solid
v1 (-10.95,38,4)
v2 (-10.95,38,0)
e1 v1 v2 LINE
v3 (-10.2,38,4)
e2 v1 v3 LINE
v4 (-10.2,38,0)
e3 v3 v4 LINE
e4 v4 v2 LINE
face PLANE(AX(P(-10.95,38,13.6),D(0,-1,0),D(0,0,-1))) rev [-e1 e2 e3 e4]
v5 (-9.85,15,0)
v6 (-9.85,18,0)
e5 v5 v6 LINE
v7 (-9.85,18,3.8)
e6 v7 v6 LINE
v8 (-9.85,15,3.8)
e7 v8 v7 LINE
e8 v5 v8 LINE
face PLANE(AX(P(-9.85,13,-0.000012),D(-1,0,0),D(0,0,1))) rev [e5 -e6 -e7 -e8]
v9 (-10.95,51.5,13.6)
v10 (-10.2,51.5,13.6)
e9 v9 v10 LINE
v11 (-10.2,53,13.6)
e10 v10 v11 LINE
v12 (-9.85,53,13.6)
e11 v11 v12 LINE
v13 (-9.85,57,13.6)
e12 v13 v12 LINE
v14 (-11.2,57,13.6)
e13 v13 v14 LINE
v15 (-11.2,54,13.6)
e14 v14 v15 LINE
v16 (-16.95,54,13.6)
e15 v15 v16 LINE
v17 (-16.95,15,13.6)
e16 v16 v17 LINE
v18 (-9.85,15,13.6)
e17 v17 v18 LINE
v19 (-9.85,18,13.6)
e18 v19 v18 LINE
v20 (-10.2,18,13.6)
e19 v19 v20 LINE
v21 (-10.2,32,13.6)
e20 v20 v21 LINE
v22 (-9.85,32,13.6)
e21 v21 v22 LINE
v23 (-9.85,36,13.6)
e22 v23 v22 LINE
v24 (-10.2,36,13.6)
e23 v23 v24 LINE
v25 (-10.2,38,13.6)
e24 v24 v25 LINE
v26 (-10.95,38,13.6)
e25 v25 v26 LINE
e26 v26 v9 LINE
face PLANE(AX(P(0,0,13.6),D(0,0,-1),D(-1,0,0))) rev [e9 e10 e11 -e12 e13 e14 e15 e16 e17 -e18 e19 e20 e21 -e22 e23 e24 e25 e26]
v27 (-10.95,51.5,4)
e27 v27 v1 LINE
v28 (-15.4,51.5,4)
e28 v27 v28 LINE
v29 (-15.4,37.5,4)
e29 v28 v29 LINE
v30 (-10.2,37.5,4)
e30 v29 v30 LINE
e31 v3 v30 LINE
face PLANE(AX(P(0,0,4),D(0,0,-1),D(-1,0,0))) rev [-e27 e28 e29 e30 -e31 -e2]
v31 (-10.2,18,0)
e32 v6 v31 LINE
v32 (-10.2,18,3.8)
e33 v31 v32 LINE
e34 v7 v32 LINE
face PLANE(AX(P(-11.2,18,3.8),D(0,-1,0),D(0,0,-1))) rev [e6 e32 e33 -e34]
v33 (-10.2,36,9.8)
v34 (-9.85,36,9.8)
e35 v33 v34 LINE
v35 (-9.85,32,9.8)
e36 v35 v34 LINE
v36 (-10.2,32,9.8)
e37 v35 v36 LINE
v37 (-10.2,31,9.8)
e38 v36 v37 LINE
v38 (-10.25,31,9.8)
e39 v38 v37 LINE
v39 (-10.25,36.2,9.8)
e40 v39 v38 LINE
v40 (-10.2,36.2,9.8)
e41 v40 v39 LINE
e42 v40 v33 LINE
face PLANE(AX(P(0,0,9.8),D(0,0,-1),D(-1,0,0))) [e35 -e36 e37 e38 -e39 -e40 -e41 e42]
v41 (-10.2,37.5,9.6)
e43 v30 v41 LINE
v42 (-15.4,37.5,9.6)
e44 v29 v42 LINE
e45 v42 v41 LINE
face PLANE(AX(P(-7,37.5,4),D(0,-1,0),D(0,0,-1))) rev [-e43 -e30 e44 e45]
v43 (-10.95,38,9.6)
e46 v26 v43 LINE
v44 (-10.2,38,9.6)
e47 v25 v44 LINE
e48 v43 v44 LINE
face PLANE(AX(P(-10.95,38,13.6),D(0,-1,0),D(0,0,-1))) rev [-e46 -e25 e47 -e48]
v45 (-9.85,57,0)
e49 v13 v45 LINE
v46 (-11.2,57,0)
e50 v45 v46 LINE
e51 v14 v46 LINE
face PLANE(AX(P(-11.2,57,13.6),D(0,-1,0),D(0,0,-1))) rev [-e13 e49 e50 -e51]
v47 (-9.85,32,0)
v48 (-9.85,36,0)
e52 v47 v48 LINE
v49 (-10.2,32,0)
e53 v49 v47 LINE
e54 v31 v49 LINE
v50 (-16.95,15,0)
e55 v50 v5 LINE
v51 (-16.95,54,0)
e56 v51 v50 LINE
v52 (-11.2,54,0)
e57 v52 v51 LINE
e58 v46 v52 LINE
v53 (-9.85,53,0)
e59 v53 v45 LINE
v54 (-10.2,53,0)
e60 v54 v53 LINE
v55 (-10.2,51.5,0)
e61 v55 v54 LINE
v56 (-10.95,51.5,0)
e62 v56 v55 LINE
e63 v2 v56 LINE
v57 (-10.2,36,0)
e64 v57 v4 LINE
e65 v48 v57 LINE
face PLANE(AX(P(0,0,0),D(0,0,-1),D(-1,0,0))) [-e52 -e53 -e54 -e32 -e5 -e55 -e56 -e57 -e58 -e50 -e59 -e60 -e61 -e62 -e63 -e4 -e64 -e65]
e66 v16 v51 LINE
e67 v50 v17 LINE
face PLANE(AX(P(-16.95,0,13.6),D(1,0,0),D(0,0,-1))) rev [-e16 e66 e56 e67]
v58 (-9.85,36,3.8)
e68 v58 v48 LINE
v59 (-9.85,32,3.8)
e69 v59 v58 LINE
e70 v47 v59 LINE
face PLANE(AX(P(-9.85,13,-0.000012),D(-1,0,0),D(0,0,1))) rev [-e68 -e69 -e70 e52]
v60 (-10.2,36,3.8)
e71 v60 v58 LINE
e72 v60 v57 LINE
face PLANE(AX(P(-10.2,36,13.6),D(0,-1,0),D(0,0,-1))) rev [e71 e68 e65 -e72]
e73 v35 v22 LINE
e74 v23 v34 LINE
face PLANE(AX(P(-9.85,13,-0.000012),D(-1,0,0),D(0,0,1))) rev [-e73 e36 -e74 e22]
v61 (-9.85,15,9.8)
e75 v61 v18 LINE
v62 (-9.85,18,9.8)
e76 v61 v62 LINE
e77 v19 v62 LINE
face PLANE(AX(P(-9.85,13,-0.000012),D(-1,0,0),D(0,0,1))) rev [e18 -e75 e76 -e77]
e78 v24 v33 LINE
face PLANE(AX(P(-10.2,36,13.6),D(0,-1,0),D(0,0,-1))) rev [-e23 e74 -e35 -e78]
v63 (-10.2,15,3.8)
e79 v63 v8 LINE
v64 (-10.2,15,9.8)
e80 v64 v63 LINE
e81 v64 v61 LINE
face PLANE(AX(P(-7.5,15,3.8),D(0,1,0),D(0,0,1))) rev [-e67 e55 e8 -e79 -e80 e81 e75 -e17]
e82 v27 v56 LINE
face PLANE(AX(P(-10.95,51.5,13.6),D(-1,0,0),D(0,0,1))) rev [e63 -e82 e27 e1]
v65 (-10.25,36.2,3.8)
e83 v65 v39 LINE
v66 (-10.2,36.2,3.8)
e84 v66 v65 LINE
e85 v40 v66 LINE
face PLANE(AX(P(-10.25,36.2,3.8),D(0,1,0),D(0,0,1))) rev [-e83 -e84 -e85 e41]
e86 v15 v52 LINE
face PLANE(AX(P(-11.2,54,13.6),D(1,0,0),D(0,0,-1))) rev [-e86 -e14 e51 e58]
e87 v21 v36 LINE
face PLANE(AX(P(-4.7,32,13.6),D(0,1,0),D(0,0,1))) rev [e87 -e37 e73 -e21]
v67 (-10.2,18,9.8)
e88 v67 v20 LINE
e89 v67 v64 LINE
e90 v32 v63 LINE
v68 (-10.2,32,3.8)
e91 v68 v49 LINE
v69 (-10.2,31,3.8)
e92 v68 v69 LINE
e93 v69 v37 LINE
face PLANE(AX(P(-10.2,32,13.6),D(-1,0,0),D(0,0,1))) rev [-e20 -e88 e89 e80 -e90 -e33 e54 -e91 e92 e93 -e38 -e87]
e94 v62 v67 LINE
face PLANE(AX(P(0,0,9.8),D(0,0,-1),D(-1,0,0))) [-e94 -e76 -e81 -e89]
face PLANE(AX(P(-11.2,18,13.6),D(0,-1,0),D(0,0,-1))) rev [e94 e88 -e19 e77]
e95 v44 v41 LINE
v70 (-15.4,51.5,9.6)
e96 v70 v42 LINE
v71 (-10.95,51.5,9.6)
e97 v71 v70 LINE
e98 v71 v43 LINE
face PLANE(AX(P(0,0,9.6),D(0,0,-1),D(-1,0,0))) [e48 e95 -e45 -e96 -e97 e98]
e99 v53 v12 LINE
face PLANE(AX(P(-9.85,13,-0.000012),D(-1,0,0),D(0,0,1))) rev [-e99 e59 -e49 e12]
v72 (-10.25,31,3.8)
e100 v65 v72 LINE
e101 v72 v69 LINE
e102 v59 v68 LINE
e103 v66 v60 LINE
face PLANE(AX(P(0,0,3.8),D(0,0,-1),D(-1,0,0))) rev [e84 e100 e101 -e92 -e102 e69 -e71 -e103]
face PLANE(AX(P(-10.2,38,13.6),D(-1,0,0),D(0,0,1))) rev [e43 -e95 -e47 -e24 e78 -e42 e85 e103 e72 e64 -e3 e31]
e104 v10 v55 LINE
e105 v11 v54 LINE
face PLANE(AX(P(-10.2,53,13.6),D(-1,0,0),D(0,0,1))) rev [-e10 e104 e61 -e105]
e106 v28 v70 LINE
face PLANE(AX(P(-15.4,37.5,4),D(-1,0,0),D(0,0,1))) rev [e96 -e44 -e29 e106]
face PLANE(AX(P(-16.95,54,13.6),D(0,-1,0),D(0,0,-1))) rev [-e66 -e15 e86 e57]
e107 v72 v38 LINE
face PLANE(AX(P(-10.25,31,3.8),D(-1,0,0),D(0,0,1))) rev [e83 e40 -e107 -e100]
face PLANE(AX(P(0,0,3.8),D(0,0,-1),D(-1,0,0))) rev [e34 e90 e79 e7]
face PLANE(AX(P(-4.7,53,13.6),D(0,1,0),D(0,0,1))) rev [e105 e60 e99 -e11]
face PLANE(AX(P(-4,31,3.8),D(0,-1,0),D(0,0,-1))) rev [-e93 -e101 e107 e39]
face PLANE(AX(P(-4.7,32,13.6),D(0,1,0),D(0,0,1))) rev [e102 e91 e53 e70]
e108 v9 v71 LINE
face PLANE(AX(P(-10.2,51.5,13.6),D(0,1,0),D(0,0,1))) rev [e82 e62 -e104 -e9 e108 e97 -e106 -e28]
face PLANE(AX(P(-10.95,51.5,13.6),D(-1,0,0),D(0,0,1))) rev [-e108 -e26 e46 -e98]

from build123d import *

# Parameters (mm, degrees)
GUIDE_AND_SOLID_STOPS_DEPTH   = 13.6
SKETCH_3_W                    = 8.4
SKETCH_3_H                    = 14
NUT_TONGUE_CHANNEL_DEPTH      = 2.8
SKETCH_4_W                    = 6.25
SKETCH_4_H                    = 5.2
LOWER_YOKE_RELIEF_DEPTH       = 3
SKETCH_5_W                    = 3.7
SKETCH_5_H                    = 3
LOWER_INWARD_STOP_DEPTH       = 3.8
SKETCH_7_W                    = 3.7
SKETCH_7_H                    = 3
EXTRUDE_2_DEPTH               = 3.8
REMOVE_LOWER_TAIL_DEPTH       = 62.002151601
REMOVE_LOWER_TAIL_DEPTH_BACK  = 62.002151601
SKETCH_8_W                    = 17
SKETCH_8_H                    = 17
WIDER_SHAFT_RELIEF_DEPTH      = 62.002151601
WIDER_SHAFT_RELIEF_DEPTH_BACK = 62.002151601
SKETCH_9_W                    = 9.85
SKETCH_9_H                    = 46


with BuildPart() as part:
    # 草图1 → Guide_and_solid_stops (new body)
    with BuildSketch(Plane.XY):
        Polygon((-10.2, 0), (-16.95, 0), (-16.95, 54), (-11.2, 54), (-11.2, 57), (-4.7, 57), (-4.7, 53), (-10.2, 53), (-10.2, 51.5), (-10.95, 51.5), (-10.95, 38), (-10.2, 38), (-10.2, 36), (-4.7, 36), (-4.7, 32), (-10.2, 32), align=None)
    extrude(amount=GUIDE_AND_SOLID_STOPS_DEPTH)

    # 草图3 → Nut_tongue_channel (cut, symmetric)
    with BuildSketch(Plane.XY.offset(6.8)):
        with Locations((-11.2, 44.5)):
            Rectangle(SKETCH_3_W, SKETCH_3_H)
    extrude(amount=NUT_TONGUE_CHANNEL_DEPTH, both=True, mode=Mode.SUBTRACT)

    # 草图4 → Lower_yoke_relief (cut, symmetric)
    with BuildSketch(Plane.XY.offset(6.8)):
        with Locations((-7.125, 33.6)):
            Rectangle(SKETCH_4_W, SKETCH_4_H)
    extrude(amount=LOWER_YOKE_RELIEF_DEPTH, both=True, mode=Mode.SUBTRACT)

    # 草图5 → Lower_inward_stop (add)
    with BuildSketch(Plane.XY):
        with Locations((-9.35, 16.5)):
            Rectangle(SKETCH_5_W, SKETCH_5_H)
    extrude(amount=LOWER_INWARD_STOP_DEPTH)

    # 草图7 → 凸台-拉伸2 (add)
    with BuildSketch(Plane.XY.offset(9.8)):
        with Locations((-9.35, 16.5)):
            Rectangle(SKETCH_7_W, SKETCH_7_H)
    extrude(amount=EXTRUDE_2_DEPTH)

    # 草图8 → Remove_lower_tail (cut, two sides: drawn at the far end of the back side and taken through both)
    with BuildSketch(Plane.XY.offset(-REMOVE_LOWER_TAIL_DEPTH_BACK)):
        with Locations((-11.5, 6.5)):
            Rectangle(SKETCH_8_W, SKETCH_8_H)
    extrude(amount=REMOVE_LOWER_TAIL_DEPTH + REMOVE_LOWER_TAIL_DEPTH_BACK, mode=Mode.SUBTRACT)

    # 草图9 → Wider_shaft_relief (cut, two sides: drawn at the far end of the back side and taken through both)
    with BuildSketch(Plane.XY.offset(-WIDER_SHAFT_RELIEF_DEPTH_BACK)):
        with Locations((-4.925, 36)):
            Rectangle(SKETCH_9_W, SKETCH_9_H)
    extrude(amount=WIDER_SHAFT_RELIEF_DEPTH + WIDER_SHAFT_RELIEF_DEPTH_BACK, mode=Mode.SUBTRACT)


solid = part.part
